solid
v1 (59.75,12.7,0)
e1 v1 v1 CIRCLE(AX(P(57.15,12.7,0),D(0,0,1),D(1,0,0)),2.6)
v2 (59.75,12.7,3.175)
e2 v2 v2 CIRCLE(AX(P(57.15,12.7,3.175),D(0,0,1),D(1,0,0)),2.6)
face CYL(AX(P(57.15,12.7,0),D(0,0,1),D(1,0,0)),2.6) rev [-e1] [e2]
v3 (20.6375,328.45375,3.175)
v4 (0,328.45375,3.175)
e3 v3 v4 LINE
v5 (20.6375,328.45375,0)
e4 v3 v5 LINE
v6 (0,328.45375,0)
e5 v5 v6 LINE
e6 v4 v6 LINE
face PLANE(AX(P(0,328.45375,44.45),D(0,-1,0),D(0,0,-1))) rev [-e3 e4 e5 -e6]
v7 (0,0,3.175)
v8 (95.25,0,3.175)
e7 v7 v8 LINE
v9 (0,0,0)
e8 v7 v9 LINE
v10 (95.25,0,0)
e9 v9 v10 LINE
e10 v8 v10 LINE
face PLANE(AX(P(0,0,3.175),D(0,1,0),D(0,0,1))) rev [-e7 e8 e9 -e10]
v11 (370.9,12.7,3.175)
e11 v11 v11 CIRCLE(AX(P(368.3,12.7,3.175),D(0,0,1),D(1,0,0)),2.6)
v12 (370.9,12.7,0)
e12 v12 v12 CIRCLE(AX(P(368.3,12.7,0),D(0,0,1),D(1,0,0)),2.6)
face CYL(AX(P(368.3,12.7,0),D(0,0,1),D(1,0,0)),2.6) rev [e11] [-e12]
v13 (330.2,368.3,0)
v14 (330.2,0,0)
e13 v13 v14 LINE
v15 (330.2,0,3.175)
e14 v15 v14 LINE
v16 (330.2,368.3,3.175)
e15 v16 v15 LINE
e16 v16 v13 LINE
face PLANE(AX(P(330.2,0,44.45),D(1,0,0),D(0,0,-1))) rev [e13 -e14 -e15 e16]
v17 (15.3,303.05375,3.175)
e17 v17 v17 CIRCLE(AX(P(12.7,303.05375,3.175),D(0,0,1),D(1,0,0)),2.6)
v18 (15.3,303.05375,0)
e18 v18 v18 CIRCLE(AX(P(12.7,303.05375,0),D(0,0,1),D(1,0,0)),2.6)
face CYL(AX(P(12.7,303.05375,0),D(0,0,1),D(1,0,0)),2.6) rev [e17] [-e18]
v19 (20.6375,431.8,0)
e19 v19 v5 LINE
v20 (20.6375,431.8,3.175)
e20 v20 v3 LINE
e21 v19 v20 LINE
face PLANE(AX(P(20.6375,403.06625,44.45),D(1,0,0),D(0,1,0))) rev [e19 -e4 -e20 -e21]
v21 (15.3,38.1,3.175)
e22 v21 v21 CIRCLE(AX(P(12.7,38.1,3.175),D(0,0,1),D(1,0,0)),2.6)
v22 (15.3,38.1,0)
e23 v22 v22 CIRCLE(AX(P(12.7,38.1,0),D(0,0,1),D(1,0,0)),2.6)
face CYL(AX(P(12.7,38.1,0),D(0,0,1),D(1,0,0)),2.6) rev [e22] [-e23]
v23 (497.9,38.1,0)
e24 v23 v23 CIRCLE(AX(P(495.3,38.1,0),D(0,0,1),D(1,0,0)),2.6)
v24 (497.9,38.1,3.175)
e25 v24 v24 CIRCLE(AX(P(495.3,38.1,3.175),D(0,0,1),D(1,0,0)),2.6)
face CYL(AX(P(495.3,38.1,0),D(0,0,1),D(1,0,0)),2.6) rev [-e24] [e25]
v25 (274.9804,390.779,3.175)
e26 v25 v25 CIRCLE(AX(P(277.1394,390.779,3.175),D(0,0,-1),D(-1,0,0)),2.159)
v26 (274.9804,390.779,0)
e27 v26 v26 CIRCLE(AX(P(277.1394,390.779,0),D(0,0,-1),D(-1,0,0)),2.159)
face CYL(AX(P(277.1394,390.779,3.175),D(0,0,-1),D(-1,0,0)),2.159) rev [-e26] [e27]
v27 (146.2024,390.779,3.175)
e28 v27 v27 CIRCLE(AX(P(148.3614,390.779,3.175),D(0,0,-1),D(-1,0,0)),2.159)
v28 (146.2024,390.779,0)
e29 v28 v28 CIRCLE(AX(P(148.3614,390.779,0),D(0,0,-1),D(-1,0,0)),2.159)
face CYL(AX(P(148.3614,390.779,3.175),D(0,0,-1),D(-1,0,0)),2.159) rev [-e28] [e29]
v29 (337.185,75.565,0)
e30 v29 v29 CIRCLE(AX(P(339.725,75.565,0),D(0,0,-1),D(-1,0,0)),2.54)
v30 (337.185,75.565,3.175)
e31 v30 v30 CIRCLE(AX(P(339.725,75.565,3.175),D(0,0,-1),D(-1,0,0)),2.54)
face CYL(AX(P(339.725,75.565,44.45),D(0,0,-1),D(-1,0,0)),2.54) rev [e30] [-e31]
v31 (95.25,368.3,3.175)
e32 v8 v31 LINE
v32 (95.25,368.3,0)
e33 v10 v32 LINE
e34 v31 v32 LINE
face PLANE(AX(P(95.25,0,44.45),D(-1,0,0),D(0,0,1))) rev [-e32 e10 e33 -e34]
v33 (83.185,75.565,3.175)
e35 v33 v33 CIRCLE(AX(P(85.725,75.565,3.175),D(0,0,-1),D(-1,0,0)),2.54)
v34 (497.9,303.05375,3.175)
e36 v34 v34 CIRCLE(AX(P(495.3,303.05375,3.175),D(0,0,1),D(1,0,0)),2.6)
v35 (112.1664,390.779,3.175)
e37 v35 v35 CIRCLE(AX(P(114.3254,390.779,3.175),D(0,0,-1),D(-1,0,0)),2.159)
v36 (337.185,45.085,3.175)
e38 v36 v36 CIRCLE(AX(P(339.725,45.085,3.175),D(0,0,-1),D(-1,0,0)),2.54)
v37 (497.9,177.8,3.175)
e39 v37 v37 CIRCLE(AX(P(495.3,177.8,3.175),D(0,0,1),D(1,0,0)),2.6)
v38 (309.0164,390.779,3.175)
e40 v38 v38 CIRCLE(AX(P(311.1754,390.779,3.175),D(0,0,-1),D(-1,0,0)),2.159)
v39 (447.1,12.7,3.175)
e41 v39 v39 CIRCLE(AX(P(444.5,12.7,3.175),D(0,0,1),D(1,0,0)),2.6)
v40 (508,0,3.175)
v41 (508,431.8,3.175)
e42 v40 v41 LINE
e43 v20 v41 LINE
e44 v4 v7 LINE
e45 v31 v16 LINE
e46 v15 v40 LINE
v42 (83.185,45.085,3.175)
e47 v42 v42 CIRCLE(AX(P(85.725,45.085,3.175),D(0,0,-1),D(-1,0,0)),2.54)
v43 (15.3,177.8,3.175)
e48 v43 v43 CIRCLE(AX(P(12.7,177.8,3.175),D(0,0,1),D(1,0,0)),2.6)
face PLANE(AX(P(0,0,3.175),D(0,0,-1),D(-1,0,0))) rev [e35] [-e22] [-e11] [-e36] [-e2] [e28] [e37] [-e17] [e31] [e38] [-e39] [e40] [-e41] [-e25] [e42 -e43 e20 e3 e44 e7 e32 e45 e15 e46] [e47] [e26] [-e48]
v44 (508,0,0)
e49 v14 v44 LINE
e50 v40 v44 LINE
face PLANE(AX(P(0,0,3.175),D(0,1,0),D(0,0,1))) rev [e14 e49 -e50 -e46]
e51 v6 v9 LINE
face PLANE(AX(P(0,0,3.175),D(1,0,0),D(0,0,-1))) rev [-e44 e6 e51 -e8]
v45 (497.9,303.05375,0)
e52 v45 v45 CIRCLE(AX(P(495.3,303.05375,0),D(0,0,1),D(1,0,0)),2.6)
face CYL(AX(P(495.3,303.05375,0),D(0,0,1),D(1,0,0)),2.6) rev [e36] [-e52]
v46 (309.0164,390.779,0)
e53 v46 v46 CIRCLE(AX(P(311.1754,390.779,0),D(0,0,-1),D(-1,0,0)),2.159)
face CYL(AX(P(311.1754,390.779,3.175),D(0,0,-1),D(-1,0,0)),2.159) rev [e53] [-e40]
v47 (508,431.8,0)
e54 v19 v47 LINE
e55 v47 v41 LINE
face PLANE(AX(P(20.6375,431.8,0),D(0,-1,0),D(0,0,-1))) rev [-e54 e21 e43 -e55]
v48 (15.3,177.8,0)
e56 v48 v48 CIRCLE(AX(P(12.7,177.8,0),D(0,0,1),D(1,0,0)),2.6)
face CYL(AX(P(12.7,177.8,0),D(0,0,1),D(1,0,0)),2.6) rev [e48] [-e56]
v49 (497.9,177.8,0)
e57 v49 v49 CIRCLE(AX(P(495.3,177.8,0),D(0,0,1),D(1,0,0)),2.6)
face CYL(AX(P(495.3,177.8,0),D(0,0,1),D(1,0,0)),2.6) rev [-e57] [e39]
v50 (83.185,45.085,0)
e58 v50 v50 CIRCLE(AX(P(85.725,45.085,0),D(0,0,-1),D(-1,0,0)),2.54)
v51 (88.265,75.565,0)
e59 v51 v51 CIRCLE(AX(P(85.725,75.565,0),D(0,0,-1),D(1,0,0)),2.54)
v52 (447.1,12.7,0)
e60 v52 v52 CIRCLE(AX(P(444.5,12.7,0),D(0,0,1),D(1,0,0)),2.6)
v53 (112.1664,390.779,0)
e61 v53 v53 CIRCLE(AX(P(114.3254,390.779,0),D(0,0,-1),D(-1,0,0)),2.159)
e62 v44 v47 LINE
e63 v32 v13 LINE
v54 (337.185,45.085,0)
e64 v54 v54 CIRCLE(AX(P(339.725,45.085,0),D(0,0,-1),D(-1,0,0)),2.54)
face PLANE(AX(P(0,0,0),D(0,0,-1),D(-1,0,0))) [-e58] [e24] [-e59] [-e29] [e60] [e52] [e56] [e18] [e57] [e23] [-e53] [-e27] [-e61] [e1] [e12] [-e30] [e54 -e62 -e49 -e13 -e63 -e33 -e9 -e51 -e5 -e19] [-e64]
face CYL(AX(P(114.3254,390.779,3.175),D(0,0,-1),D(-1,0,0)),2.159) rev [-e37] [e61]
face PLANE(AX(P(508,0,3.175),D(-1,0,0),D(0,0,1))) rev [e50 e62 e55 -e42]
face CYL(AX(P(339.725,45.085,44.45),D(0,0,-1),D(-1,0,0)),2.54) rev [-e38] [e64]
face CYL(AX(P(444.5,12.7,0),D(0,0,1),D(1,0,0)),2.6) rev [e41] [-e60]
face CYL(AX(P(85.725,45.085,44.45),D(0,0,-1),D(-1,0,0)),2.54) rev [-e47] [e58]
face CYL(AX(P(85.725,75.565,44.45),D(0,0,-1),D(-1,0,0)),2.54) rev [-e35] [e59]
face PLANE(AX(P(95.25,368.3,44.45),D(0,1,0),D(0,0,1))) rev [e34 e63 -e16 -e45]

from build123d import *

# Parameters (mm, degrees)
SKETCH1_W           = 508
SKETCH1_H           = 508
BOSS_EXTRUDE1_DEPTH = 3.175
SKETCH2_R           = 2.54
SKETCH2_W           = 234.95
SKETCH2_H           = 368.3
CUT_EXTRUDE1_DEPTH  = 44.45
SKETCH4_R           = 2.159
CUT_EXTRUDE3_DEPTH  = 719.427505476
SKETCH5_R           = 2.6
CUT_EXTRUDE4_DEPTH  = 719.427505476
SKETCH6_W           = 487.3625
SKETCH6_H           = 76.2
CUT_EXTRUDE5_DEPTH  = 719.427505476


with BuildPart() as part:
    # Sketch1 → Boss-Extrude1 (new body)
    with BuildSketch(Plane.XY):
        with Locations((254, 254)):
            Rectangle(SKETCH1_W, SKETCH1_H)
    extrude(amount=BOSS_EXTRUDE1_DEPTH)

    # Sketch2 → Cut-Extrude1 (cut)
    with BuildSketch(Plane(origin=(0, 0, 0), x_dir=(-1, 0, 0), z_dir=(0, 0, -1))):
        with Locations((-339.725, 45.085)):
            Circle(SKETCH2_R)
        with Locations((-85.725, 45.085)):
            Circle(SKETCH2_R)
        with Locations((-339.725, 75.565)):
            Circle(SKETCH2_R)
        with Locations((-85.725, 75.565)):
            Circle(SKETCH2_R)
        with Locations((-212.725, 184.15)):
            Rectangle(SKETCH2_W, SKETCH2_H)
        Polygon((0, 403.06625), (0, 328.45375), (-20.6375, 328.45375), (-20.6375, 403.06625), (-20.6375, 508), (0, 508), align=None)
    extrude(amount=-CUT_EXTRUDE1_DEPTH, mode=Mode.SUBTRACT)

    # Sketch4 → Cut-Extrude3 (cut, through all)
    with BuildSketch(Plane(origin=(0, 0, 0), x_dir=(-1, 0, 0), z_dir=(0, 0, -1))):
        with Locations((-311.1754, 390.779)):
            Circle(SKETCH4_R)
        with Locations((-277.1394, 390.779)):
            Circle(SKETCH4_R)
        with Locations((-148.3614, 390.779)):
            Circle(SKETCH4_R)
        with Locations((-114.3254, 390.779)):
            Circle(SKETCH4_R)
    extrude(amount=-CUT_EXTRUDE3_DEPTH, mode=Mode.SUBTRACT)

    # Sketch5 → Cut-Extrude4 (cut, through all)
    with BuildSketch(Plane.XY.offset(3.175)):
        with Locations((12.7, 303.05375)):
            Circle(SKETCH5_R)
        with Locations((12.7, 177.8)):
            Circle(SKETCH5_R)
        with Locations((12.7, 38.1)):
            Circle(SKETCH5_R)
        with Locations((495.3, 38.1)):
            Circle(SKETCH5_R)
        with Locations((495.3, 177.8)):
            Circle(SKETCH5_R)
        with Locations((495.3, 303.05375)):
            Circle(SKETCH5_R)
        with Locations((495.3, 469.9)):
            Circle(SKETCH5_R)
        with Locations((57.15, 12.7)):
            Circle(SKETCH5_R)
        with Locations((368.3, 12.7)):
            Circle(SKETCH5_R)
        with Locations((444.5, 12.7)):
            Circle(SKETCH5_R)
        with Locations((33.3375, 495.3)):
            Circle(SKETCH5_R)
        with Locations((469.9, 495.3)):
            Circle(SKETCH5_R)
    extrude(amount=-CUT_EXTRUDE4_DEPTH, mode=Mode.SUBTRACT)

    # Sketch6 → Cut-Extrude5 (cut, through all)
    with BuildSketch(Plane.XY.offset(3.175)):
        with Locations((264.31875, 469.9)):
            Rectangle(SKETCH6_W, SKETCH6_H)
    extrude(amount=-CUT_EXTRUDE5_DEPTH, mode=Mode.SUBTRACT)


solid = part.part
